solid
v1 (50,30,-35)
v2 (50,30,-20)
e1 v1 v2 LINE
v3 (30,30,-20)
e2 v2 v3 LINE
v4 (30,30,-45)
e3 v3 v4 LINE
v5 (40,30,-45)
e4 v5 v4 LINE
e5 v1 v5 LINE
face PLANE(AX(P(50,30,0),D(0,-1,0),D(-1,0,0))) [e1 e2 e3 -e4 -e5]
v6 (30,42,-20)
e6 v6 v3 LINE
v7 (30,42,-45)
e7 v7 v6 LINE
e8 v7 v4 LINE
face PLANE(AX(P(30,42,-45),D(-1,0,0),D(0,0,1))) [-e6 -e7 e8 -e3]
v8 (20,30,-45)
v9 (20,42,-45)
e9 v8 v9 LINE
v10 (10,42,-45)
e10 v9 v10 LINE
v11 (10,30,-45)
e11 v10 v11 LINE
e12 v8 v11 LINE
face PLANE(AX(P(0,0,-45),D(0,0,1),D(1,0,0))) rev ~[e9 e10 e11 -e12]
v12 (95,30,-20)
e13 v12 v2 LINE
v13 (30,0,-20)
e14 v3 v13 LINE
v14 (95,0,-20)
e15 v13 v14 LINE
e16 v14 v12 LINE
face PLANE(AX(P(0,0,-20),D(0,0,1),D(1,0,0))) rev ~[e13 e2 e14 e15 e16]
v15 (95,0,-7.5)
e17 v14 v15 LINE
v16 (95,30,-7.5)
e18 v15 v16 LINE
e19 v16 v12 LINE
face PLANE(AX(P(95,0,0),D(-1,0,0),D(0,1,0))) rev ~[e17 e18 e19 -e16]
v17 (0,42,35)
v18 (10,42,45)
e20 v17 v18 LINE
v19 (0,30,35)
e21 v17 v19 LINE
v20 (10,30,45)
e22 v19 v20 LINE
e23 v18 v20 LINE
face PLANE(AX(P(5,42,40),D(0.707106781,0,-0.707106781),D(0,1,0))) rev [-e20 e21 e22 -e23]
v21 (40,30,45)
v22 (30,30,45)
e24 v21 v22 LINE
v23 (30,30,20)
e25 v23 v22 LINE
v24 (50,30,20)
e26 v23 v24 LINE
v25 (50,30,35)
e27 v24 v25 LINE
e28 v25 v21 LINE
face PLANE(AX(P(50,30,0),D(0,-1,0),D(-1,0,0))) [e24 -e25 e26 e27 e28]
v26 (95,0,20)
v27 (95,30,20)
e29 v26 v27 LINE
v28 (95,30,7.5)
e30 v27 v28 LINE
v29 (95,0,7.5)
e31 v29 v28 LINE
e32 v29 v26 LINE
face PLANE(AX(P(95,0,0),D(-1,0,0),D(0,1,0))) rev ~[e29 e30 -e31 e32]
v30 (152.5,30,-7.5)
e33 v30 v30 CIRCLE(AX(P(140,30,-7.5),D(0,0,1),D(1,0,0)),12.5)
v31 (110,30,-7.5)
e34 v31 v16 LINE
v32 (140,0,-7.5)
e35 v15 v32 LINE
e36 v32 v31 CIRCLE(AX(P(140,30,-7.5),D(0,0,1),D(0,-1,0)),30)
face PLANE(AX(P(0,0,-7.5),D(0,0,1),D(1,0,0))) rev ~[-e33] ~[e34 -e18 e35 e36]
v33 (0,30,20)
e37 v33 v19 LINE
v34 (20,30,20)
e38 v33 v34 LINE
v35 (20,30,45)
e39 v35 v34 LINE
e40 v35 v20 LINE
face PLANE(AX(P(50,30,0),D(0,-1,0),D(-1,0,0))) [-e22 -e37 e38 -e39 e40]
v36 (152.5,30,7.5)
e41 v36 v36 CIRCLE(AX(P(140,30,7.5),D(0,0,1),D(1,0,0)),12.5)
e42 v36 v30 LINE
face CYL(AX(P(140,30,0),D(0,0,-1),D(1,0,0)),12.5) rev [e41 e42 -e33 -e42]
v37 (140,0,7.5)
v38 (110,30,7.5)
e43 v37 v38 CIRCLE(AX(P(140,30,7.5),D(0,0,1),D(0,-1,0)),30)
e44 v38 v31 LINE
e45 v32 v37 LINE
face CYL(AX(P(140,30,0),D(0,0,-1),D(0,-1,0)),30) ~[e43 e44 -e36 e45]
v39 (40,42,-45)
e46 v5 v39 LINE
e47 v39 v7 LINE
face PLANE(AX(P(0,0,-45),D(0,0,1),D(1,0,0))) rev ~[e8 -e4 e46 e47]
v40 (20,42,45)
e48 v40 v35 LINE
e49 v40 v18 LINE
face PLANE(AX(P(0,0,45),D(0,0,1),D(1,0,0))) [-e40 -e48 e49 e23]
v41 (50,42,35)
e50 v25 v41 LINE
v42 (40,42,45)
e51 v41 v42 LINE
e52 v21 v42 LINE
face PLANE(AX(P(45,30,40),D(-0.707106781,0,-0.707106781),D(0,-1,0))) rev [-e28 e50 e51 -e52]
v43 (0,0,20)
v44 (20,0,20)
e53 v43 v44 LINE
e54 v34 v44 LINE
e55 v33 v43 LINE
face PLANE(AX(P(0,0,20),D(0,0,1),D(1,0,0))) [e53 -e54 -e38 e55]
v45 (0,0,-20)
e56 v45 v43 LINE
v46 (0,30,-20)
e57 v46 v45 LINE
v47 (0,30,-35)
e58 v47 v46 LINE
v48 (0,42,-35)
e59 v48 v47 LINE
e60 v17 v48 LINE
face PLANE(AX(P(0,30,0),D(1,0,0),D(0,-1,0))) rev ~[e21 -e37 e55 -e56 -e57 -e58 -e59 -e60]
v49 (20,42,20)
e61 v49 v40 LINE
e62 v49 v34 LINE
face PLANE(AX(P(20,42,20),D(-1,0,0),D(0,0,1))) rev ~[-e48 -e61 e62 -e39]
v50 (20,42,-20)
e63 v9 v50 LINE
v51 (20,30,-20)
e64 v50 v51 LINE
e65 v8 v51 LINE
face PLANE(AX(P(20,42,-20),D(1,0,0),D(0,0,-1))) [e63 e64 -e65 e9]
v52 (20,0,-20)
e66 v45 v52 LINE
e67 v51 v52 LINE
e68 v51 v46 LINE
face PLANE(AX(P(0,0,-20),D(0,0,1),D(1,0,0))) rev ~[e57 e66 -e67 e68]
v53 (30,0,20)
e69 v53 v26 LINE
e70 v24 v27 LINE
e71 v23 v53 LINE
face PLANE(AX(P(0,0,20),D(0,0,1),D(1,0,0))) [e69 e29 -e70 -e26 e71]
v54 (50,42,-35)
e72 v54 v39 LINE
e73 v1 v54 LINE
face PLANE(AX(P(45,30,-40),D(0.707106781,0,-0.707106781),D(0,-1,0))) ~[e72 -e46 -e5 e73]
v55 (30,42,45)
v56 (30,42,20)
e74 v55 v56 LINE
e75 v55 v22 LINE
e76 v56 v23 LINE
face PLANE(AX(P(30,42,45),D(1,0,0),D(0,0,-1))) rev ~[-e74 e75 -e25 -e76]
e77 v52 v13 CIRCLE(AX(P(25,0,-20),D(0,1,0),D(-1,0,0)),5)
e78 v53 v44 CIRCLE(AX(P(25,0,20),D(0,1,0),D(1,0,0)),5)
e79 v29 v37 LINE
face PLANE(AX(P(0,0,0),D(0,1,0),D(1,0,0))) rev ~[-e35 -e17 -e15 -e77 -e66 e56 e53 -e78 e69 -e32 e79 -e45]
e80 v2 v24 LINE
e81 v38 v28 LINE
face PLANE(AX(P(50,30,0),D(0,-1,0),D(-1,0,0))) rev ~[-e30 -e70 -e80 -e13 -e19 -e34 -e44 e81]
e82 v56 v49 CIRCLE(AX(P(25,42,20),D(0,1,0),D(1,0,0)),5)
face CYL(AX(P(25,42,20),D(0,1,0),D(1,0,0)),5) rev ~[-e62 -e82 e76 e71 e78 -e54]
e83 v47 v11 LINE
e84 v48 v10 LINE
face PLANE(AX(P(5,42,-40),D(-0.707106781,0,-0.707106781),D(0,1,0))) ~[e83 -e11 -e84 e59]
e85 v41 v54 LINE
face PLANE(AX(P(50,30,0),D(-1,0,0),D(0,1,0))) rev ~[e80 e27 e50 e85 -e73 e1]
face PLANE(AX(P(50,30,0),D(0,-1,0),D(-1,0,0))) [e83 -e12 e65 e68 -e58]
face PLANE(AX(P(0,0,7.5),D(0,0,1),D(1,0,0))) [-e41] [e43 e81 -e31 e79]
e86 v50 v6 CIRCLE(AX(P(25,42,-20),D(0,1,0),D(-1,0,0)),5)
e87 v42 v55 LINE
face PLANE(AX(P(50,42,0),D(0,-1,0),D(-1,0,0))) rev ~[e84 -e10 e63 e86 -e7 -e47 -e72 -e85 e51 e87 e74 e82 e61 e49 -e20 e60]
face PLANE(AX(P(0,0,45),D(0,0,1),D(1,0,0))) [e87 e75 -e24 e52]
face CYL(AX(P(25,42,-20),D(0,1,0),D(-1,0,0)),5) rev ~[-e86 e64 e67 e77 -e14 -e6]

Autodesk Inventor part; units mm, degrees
ref_plane "YZ Plane" through (0, 0, 0) normal (1, 0, 0) x (0, 1, 0)
ref_plane "XZ Plane" through (0, 0, 0) normal (0, 1, 0) x (-1, 0, 0)
ref_plane "XY Plane" through (0, 0, 0) normal (0, 0, 1) x (1, 0, 0)
sketch "Esboço1" plane through (0, 0, 0) normal (0, 0, 1) x (1, 0, 0)
  line L0 (0, 0) -> (95, 0)
  line L1 (95, 0) -> (95, 30)
  line L2 (95, 30) -> (0, 30)
  line L3 (0, 30) -> (0, 0)
  line L4 (0, 30) -> (50, 30)
  line L5 (50, 30) -> (50, 42)
  line L6 (50, 42) -> (0, 42)
  line L7 (0, 42) -> (0, 30)
  line L8 (95, 0) -> (140, 0)
  line L9 (110, 30) -> (95, 30)
  line L10 (95, 30) -> (95, 0)
  arc A0 (140, 0) -> (110, 30) centre (140, 30) ccw
  circle A1 centre (140, 30) radius 12.5
  dimension "d0" = 95
  dimension "d1" = 30
  dimension "d3" = 50
  dimension "d4" = 12
  dimension "d5" = 140
  dimension "d6" = 30
  dimension "d7" = 25
extrude "Extrusão1" add sketch "Esboço1" along normal mid plane 40 contours L3 L2 L1 L0
extrude "Extrusão2" add sketch "Esboço1" along normal mid plane 90 contours L7 L6 L5 L2
extrude "Extrusão3" add sketch "Esboço1" along normal mid plane 15 contours L1 L9 A0 L8
sketch "Esboço2" plane through (0, 42, 45) normal (0, 1, 0) x (1, 0, 0)
  point P0 (0, 45)
sketch "Esboço3" plane through (0, 42, 45) normal (0, 1, 0) x (1, 0, 0)
  line L0 (25, -25) -> (25, 25) construction
  line L1 (50, 0) -> (0, 0) projected
  line L2 (30, -25) -> (30, 25)
  line L3 (20, 25) -> (20, -25)
  arc A0 (20, -25) -> (30, -25) centre (25, -25) ccw
  arc A1 (30, 25) -> (20, 25) centre (25, 25) ccw
  line L4 (25, 115) -> (25, 65) construction
  line L5 (50, 90) -> (0, 90) projected
  line L6 (30, 115) -> (30, 65)
  line L7 (20, 65) -> (20, 115)
  arc A2 (30, 115) -> (20, 115) centre (25, 115) ccw
  arc A3 (20, 65) -> (30, 65) centre (25, 65) ccw
  point P0 (0, 45)
  point P1 (25, 0)
  point P2 (25, 90)
  point P3 (20, 0)
  point P4 (30, 0)
  dimension "d14" = 5
  dimension "d15" = 5
  dimension "d16" = 25
  dimension "d17" = 25
extrude "Extrusão4" cut sketch "Esboço3" against normal through all contours L1 L3 A1 L2 | L6 A3 L7 L5 | L5 L7 A2 L6
chamfer "Chanfro1" distance 10 angle 45 4 edges at (0, 36, 45) (50, 36, 45) (50, 36, -45) (0, 36, -45)
properties part number "Peça teste" material "Alumínio 6061"
